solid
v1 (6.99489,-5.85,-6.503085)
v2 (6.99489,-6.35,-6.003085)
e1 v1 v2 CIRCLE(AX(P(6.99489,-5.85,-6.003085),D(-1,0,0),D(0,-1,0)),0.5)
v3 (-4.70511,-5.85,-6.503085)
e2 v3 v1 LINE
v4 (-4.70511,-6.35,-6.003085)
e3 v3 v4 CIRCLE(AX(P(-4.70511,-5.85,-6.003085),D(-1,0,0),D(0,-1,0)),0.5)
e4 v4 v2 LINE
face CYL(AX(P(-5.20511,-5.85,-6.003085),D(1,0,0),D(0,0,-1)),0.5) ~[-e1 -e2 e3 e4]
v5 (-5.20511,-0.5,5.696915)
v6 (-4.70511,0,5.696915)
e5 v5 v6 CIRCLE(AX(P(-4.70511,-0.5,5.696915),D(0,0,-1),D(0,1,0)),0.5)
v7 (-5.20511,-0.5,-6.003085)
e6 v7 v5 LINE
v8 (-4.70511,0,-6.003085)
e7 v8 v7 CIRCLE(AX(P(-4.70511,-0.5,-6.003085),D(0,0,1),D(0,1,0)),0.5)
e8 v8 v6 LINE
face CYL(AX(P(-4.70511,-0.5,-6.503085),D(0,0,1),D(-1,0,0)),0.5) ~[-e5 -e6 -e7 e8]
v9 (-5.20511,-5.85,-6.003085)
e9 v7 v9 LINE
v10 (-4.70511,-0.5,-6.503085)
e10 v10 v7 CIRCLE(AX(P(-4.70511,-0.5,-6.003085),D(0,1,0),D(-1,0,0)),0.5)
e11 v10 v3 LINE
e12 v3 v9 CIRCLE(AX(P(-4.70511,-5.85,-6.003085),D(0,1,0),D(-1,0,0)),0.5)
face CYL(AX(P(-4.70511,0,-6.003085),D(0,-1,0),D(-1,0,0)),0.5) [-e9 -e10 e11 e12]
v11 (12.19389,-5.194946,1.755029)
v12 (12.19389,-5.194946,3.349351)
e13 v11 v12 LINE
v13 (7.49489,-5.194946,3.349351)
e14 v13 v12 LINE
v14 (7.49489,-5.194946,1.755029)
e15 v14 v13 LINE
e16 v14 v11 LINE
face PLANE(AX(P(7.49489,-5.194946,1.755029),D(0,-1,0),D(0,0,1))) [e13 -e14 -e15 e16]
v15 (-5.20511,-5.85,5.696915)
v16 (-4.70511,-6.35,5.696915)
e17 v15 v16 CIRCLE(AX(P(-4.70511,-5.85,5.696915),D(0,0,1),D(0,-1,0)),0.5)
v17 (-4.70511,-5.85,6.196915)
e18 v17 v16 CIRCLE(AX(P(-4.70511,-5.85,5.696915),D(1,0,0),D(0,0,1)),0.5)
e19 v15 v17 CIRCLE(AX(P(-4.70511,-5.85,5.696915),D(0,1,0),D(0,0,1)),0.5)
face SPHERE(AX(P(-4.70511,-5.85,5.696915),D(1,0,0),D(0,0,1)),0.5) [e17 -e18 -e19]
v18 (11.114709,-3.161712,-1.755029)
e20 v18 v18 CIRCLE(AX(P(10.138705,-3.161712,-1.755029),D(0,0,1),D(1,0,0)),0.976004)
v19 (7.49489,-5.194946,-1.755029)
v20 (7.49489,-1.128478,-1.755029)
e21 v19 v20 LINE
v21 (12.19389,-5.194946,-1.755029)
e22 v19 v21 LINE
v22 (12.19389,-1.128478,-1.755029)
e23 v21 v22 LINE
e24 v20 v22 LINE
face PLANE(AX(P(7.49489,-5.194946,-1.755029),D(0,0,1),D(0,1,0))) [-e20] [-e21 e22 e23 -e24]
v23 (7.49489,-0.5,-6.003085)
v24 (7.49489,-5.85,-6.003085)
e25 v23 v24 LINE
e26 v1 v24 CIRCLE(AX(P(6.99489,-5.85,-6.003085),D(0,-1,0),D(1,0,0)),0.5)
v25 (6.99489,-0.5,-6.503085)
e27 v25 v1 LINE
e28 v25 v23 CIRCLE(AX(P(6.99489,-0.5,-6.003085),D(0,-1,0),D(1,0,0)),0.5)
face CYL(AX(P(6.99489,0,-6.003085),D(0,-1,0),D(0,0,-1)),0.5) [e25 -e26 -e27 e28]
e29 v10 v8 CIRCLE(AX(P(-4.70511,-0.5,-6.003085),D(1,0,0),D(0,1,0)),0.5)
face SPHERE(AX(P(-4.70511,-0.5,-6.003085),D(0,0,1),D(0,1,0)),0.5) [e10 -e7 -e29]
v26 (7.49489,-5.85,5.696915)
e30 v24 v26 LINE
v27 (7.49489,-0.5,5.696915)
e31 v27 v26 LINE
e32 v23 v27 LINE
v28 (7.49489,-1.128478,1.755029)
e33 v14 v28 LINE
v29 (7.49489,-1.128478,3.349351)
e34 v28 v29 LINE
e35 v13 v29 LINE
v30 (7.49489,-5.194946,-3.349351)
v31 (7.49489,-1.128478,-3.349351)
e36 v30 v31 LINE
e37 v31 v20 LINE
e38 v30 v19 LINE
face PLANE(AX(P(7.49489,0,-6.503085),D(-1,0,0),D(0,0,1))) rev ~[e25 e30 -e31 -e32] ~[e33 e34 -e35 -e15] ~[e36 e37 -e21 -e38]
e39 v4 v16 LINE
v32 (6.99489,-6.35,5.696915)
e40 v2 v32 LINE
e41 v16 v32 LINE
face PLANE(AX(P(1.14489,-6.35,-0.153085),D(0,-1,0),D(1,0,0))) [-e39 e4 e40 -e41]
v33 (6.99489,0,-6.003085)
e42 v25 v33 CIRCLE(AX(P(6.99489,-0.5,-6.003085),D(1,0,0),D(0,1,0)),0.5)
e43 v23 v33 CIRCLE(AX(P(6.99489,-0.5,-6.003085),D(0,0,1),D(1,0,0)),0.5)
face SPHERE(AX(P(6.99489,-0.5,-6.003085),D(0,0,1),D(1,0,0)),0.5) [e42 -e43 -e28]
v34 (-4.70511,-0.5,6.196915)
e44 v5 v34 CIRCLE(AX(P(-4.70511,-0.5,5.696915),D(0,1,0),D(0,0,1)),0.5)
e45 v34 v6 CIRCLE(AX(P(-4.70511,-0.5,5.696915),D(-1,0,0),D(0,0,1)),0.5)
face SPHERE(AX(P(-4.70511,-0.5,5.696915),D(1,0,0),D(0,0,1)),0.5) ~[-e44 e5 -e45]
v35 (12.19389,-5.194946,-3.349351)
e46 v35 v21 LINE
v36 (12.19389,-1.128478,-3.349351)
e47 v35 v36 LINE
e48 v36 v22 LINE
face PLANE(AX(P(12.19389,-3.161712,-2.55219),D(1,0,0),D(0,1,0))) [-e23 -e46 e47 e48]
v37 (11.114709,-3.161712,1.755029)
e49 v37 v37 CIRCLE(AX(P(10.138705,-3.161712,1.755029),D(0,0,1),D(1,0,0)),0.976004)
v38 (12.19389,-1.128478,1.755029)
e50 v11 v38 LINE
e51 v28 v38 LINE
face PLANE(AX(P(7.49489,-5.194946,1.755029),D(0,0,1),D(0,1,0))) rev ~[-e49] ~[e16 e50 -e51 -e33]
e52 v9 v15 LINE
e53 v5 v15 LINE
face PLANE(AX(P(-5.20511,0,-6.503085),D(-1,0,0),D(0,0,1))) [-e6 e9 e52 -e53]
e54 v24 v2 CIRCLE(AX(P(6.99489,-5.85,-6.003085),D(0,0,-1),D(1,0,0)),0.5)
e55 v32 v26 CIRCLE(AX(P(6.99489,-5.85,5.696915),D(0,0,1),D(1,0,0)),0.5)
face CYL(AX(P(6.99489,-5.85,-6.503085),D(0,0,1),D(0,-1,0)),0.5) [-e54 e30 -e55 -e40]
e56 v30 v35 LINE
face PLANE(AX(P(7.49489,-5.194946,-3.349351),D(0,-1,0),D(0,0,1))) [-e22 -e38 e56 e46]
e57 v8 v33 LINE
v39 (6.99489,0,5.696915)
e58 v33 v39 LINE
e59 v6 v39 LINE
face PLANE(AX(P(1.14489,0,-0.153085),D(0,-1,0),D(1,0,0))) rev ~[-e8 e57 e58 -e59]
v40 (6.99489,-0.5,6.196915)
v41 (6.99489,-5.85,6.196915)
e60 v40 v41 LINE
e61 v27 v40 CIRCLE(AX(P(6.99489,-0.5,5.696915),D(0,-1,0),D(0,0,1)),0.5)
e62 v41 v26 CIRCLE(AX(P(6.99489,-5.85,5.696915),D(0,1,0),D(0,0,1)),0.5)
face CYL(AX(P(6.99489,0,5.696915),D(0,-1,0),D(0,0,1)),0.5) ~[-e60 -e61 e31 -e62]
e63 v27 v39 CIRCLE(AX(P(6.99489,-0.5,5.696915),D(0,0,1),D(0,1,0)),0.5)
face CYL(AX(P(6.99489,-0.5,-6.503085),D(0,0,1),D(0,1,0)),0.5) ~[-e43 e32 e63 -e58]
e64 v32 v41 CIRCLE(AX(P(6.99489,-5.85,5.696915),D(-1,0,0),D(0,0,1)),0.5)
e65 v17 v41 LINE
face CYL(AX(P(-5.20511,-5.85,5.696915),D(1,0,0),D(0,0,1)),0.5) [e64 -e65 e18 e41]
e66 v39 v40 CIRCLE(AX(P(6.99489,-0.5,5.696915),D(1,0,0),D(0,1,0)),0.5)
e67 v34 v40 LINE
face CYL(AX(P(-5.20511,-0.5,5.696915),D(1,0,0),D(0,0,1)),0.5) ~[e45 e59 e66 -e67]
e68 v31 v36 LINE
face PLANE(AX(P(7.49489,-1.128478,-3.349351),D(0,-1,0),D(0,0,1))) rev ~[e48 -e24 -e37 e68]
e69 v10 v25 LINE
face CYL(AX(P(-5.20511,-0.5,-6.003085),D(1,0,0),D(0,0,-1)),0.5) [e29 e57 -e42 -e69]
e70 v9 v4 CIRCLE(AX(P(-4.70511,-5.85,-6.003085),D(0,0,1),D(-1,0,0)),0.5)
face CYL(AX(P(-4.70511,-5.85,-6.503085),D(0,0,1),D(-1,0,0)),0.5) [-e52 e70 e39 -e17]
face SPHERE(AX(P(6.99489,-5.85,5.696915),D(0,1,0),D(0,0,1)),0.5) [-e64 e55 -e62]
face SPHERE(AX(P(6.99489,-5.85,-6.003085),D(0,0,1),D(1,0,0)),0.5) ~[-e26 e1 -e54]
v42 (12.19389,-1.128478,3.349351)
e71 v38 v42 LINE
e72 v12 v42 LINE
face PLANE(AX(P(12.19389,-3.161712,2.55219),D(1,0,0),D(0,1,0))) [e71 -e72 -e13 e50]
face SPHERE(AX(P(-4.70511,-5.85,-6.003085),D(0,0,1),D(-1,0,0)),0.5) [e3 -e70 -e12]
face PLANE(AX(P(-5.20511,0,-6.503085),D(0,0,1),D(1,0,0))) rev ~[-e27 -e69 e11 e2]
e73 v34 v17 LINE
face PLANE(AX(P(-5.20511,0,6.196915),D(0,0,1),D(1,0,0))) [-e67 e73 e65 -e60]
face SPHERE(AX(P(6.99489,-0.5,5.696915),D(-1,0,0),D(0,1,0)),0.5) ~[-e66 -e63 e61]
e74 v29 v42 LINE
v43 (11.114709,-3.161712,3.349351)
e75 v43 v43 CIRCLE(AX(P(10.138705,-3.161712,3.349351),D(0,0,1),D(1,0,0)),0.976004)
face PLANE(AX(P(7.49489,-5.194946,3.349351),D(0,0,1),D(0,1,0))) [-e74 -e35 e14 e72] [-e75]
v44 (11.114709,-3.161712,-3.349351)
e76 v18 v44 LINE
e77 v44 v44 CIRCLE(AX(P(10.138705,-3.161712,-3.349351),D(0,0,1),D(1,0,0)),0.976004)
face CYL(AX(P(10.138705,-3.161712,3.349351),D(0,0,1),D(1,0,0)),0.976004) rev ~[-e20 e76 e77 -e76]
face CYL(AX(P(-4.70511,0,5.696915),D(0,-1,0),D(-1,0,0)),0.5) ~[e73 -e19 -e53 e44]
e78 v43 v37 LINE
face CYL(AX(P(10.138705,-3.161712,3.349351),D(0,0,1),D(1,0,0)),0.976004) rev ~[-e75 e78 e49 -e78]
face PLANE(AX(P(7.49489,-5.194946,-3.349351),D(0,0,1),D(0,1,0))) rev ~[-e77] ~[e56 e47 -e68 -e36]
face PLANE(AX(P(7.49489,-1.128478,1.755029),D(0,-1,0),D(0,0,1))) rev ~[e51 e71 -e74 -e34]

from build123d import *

# Parameters (mm, degrees)
F0_W     = 12.7
F0_H     = 12.7
F1_DEPTH = 6.35
F2_W     = 4.066467
F2_H     = 1.594322
F4_DEPTH = 4.699
F5_R     = 0.976004
F6_DEPTH = 25.4
F7_R     = 0.5


with BuildPart() as f1:
    # F0 (on Front) → F1 (new body)
    with BuildSketch(Plane.XZ):
        with Locations((1.14489, -0.153085)):
            Rectangle(F0_W, F0_H)
    extrude(amount=F1_DEPTH)

    # F2 (on face) → F4 (join)
    with BuildSketch(Plane.YZ.offset(7.49489)):
        with Locations((-3.161712, 2.55219)):
            Rectangle(F2_W, F2_H)
        with Locations((-3.161712, -2.55219)):
            Rectangle(F2_W, F2_H)
    extrude(amount=F4_DEPTH)

    # F5 (on face) → F6 (cut)
    with BuildSketch(Plane.XY.offset(3.349351)):
        with Locations((10.138705, -3.161712)):
            Circle(F5_R)
    extrude(amount=-F6_DEPTH, mode=Mode.SUBTRACT)

    # F7
    f7_edges = [f1.edges().sort_by_distance(p)[0] for p in [
        (1.14489, 0, 6.196915),
        (7.49489, 0, -0.153085),
        (7.49489, -3.175, 6.196915),
        (1.14489, -6.35, 6.196915),
        (-5.20511, -3.175, 6.196915),
        (7.49489, -6.35, -0.153085),
        (7.49489, -3.175, -6.503085),
        (-5.20511, 0, -0.153085),
        (1.14489, 0, -6.503085),
        (-5.20511, -6.35, -0.153085),
        (-5.20511, -3.175, -6.503085),
        (1.14489, -6.35, -6.503085),
    ]]
    fillet(f7_edges, radius=F7_R)


solid = f1.part
